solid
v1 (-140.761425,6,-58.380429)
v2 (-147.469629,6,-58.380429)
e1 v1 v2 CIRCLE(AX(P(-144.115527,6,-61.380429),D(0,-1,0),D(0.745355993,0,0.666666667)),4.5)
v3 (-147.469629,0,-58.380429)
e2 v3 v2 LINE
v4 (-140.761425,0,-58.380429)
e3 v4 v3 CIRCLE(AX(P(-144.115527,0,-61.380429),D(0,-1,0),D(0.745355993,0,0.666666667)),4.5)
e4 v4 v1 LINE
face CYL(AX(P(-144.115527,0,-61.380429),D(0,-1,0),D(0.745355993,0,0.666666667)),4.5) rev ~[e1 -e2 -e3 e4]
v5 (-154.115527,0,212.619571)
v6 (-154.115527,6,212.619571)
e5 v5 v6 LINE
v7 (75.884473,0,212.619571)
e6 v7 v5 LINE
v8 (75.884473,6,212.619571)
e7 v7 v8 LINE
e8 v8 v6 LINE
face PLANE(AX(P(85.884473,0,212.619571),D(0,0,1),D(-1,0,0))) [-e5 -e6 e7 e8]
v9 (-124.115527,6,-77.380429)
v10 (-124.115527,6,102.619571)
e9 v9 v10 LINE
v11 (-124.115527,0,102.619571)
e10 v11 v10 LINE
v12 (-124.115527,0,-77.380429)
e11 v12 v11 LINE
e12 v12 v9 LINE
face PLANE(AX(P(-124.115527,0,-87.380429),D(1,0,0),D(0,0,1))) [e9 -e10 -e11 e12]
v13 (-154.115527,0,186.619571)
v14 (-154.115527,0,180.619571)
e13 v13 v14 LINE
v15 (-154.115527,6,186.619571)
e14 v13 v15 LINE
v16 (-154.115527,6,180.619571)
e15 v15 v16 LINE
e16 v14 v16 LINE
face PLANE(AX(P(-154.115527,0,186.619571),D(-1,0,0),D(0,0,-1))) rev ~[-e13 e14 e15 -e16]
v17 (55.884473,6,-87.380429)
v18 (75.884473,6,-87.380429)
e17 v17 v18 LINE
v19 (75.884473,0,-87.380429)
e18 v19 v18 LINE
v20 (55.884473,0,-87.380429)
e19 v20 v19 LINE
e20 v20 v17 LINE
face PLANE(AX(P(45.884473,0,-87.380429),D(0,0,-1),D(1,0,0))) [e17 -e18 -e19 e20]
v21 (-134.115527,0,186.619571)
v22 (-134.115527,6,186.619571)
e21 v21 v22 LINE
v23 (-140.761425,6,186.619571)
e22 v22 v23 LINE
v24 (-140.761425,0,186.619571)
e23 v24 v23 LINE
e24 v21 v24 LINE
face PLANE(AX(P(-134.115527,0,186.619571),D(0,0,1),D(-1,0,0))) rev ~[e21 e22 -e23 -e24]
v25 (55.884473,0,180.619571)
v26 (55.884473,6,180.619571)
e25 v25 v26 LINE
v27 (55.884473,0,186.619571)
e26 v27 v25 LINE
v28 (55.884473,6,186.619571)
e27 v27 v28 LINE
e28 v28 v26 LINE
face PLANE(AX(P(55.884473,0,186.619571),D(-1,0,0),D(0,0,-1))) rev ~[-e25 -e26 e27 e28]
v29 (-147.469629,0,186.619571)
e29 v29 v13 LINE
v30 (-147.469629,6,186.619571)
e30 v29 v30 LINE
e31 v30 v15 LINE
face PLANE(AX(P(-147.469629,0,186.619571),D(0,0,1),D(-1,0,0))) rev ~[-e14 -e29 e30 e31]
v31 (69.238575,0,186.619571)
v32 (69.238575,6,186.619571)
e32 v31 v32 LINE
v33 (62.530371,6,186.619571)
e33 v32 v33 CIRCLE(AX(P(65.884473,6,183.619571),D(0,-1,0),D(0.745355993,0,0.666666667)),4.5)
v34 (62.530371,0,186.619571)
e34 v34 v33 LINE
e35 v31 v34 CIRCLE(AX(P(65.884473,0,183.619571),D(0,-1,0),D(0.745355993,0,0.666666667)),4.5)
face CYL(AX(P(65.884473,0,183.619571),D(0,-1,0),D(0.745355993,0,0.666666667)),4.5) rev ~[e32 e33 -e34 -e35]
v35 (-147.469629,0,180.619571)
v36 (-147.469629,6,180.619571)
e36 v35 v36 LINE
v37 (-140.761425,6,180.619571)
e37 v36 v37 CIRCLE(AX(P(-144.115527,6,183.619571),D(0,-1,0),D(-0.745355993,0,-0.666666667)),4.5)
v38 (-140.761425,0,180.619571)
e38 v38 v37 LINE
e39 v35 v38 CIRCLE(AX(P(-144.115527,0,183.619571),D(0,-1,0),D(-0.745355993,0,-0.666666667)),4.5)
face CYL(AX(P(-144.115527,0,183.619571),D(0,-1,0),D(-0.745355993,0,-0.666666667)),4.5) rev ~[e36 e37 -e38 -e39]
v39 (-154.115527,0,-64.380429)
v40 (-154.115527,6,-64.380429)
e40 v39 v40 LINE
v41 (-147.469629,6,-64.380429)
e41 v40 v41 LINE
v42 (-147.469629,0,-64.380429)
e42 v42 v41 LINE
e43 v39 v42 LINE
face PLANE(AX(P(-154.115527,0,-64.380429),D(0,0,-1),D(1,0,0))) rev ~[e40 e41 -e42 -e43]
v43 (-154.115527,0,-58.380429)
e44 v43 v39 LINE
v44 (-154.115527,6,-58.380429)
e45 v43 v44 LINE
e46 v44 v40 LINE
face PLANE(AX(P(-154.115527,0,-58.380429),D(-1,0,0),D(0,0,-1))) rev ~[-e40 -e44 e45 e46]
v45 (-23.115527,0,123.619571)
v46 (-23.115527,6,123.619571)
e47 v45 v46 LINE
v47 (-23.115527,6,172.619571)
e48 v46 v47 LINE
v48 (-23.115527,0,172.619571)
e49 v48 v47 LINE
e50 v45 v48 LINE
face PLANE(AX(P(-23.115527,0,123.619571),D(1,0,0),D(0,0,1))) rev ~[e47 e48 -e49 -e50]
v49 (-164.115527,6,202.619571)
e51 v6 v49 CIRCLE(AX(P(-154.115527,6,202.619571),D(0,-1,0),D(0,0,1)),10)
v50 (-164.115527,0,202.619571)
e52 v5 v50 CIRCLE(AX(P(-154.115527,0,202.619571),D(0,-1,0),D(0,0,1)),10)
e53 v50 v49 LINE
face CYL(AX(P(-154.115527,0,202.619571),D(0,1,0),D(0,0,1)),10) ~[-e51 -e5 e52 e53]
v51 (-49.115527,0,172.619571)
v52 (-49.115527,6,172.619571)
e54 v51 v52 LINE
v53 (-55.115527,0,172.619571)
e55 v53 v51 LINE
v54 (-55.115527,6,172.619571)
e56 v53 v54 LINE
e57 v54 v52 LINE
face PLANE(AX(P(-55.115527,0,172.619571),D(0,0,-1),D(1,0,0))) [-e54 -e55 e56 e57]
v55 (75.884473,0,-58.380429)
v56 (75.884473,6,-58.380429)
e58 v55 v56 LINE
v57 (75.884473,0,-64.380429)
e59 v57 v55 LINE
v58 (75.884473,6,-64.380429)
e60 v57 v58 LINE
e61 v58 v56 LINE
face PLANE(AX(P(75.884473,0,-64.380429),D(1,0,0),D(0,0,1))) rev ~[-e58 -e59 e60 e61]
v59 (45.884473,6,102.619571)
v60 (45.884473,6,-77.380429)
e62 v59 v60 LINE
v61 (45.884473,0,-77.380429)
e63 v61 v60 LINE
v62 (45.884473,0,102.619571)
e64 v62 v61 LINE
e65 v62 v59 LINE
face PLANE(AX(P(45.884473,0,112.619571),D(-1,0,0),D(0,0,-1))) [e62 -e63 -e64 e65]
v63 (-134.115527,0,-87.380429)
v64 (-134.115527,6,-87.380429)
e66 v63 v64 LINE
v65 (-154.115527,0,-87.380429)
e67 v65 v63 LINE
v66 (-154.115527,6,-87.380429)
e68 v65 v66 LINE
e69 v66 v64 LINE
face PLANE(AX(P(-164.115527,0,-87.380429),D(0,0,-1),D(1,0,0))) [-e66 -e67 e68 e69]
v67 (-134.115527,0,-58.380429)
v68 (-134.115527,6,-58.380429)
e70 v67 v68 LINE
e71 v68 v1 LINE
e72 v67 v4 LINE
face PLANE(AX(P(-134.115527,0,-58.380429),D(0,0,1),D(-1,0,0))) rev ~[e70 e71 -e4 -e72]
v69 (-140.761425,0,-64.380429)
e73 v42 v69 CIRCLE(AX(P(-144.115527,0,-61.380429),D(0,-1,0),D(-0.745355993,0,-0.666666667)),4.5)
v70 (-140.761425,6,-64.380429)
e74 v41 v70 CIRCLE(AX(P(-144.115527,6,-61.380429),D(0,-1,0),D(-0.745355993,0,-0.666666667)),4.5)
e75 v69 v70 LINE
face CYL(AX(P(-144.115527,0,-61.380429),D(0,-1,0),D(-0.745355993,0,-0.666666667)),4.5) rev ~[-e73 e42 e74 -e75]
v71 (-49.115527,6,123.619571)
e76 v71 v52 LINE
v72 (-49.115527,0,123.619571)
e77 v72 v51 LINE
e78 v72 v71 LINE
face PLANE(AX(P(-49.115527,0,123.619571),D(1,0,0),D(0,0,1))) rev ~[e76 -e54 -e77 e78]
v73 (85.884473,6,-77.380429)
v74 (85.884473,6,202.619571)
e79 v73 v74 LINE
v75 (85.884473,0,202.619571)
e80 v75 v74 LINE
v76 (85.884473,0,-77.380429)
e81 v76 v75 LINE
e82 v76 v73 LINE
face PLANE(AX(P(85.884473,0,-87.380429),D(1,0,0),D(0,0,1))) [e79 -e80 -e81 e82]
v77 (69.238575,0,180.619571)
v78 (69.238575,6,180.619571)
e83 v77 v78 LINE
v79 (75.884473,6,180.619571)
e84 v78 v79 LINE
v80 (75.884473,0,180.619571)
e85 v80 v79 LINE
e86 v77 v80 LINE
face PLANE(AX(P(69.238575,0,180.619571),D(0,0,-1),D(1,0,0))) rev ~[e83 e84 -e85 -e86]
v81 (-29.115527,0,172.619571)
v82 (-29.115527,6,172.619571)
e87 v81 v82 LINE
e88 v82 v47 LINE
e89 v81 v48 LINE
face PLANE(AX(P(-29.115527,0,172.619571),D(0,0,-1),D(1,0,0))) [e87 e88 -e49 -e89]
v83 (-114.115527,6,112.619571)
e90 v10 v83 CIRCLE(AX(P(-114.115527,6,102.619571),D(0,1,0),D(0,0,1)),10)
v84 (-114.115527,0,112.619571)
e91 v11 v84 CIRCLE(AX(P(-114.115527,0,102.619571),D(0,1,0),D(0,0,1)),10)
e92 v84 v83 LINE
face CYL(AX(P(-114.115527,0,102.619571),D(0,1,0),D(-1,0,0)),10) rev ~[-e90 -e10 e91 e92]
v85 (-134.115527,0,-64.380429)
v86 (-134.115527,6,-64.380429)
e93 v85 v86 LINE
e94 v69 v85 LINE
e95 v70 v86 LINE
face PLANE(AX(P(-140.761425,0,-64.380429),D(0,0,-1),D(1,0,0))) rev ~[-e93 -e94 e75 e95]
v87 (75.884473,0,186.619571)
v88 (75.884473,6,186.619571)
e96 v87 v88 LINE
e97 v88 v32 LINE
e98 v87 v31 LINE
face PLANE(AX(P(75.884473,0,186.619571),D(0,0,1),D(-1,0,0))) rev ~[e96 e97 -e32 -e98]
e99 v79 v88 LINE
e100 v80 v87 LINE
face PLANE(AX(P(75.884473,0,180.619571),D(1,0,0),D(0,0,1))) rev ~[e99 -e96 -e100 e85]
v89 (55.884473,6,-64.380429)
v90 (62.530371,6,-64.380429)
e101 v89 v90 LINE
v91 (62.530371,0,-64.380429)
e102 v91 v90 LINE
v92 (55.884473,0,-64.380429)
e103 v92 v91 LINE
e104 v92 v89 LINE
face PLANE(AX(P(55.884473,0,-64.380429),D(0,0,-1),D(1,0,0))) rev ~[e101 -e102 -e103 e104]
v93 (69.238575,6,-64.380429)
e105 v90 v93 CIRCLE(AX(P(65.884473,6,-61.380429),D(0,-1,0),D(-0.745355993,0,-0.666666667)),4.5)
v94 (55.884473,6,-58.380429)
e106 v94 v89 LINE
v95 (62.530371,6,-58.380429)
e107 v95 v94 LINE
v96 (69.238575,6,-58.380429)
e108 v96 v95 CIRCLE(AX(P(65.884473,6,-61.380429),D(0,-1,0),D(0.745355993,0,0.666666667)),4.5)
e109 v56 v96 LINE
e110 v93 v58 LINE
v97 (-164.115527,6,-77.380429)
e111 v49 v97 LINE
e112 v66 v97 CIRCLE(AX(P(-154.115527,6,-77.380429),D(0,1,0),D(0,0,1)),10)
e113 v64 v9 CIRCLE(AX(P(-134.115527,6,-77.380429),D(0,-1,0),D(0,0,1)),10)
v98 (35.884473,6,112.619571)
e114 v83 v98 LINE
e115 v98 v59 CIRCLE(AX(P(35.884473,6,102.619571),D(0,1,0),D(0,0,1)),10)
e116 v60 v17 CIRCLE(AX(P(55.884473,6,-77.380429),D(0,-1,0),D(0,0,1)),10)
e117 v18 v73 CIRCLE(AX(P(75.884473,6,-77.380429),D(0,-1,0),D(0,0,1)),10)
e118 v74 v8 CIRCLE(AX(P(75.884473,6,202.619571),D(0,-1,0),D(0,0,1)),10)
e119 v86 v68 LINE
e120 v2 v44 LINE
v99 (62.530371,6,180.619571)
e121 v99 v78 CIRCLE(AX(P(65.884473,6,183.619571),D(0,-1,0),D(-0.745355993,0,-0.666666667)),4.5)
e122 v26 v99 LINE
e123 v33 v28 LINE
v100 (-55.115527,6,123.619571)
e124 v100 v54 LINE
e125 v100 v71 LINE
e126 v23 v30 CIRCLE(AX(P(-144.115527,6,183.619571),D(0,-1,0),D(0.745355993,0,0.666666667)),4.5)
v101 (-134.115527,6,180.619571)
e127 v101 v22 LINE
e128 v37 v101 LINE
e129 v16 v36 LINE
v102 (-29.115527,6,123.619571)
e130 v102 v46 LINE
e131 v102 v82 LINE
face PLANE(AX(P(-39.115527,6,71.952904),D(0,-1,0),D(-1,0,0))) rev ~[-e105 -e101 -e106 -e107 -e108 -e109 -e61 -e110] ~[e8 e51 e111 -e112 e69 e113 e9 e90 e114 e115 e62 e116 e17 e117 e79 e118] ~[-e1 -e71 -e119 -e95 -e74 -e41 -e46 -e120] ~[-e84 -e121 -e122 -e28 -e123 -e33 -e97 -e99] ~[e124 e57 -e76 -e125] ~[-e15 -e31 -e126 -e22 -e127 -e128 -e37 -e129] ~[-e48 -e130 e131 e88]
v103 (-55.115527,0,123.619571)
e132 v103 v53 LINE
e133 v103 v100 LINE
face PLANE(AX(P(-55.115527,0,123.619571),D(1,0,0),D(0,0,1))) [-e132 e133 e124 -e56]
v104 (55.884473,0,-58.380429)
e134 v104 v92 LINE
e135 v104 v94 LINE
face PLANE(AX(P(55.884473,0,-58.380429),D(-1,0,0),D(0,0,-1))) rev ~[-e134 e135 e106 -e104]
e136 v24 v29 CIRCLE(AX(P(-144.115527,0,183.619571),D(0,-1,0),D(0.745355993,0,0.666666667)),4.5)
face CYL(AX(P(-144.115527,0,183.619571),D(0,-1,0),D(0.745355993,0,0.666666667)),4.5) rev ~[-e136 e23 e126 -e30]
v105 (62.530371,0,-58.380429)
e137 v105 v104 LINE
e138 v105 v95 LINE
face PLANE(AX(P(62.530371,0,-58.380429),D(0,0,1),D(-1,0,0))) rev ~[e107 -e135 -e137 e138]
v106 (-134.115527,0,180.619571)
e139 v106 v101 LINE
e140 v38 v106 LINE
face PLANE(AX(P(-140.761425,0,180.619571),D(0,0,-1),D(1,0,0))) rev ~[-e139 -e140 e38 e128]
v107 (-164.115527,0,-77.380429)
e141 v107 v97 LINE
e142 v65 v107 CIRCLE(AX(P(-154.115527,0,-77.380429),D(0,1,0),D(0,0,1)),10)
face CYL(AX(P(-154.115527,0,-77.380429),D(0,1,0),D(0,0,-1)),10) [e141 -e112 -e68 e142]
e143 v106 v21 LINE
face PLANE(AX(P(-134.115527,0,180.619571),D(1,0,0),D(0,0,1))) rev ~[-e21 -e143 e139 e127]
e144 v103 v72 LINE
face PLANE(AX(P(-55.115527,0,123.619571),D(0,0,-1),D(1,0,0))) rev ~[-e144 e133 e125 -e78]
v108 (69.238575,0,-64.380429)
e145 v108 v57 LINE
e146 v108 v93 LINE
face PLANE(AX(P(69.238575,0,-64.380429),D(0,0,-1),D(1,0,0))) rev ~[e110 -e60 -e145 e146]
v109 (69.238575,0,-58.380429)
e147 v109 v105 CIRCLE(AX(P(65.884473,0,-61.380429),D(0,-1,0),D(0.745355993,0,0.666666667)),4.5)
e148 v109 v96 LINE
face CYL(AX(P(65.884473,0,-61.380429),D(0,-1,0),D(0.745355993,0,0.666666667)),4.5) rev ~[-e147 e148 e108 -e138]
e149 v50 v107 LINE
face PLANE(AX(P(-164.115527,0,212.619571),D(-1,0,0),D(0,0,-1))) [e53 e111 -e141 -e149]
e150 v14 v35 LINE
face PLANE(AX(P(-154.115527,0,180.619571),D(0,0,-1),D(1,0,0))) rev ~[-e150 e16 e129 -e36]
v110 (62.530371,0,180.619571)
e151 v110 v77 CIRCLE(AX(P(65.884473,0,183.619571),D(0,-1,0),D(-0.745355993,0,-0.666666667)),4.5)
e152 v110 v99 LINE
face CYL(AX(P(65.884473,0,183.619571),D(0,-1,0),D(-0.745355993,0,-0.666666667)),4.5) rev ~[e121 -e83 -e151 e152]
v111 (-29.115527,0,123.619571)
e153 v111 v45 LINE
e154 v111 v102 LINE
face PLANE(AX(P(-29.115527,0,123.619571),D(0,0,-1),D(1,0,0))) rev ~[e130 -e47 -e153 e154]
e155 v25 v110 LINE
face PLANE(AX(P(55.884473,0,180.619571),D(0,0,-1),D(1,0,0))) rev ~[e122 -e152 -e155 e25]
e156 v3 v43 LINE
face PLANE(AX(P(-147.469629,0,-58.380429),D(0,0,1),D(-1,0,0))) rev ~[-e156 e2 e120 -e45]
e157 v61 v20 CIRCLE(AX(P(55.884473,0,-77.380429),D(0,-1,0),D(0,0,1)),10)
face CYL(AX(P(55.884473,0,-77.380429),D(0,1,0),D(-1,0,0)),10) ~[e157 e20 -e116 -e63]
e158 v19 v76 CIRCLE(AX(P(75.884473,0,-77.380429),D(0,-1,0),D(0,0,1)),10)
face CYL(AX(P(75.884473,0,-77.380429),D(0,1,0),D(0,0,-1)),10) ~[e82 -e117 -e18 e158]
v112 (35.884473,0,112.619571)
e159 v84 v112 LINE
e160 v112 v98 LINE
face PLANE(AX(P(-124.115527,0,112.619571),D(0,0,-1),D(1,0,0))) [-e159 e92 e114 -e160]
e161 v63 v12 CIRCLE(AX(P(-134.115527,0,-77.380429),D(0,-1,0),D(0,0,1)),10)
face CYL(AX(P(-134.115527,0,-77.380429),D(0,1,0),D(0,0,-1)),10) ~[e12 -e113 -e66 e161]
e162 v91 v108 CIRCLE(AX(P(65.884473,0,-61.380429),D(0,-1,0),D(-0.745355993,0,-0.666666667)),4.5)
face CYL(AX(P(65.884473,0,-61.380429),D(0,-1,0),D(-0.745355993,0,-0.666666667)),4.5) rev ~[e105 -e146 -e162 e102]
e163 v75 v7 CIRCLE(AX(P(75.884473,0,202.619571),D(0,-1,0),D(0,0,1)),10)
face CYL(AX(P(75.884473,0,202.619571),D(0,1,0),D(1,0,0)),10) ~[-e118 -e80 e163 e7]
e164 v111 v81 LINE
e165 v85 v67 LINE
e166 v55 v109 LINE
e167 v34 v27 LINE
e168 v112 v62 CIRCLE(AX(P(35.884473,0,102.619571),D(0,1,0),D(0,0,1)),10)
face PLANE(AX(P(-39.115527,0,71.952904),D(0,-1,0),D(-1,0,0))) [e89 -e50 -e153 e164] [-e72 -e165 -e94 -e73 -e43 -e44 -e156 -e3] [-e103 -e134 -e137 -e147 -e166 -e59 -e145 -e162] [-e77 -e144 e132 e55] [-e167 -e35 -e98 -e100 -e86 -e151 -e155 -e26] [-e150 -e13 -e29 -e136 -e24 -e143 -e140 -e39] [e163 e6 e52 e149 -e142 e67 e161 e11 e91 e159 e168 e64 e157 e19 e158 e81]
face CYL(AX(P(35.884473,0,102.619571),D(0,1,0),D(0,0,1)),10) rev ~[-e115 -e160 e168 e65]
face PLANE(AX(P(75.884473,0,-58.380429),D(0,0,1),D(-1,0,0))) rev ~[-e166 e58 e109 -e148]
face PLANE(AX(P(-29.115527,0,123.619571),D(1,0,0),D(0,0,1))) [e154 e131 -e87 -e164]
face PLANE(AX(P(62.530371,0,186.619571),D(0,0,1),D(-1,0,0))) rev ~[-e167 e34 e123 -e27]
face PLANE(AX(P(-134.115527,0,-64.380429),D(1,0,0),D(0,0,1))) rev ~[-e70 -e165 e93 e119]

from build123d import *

# Parameters (mm, degrees)
BOSS_EXTRUDE1_DEPTH  = 6
FILLET1_R            = 10
SKETCH2_OUTSIDE_W    = 330.112
SKETCH2_OUTSIDE_H    = 380.112
SKETCH2_OUTSIDE_W_2  = 6
SKETCH2_OUTSIDE_H_2  = 49
CUT_EXTRUDE1_DEPTH   = 7
CUT_EXTRUDE2_DEPTH   = 7
LPATTERN1_COUNT      = 2
LPATTERN1_PITCH      = 245
LPATTERN1_COUNT_DIR2 = 2
LPATTERN1_PITCH_DIR2 = 210


with BuildPart() as part:
    # Sketch1 → Boss-Extrude1 (new body)
    with BuildSketch(Plane(origin=(0, 0, 0), x_dir=(1, 0, 0), z_dir=(0, 1, 0))):
        Polygon((-164.115526796, 87.380429132), (-124.115526796, 87.380429132), (-124.115526796, -112.619570868), (45.884473204, -112.619570868), (45.884473204, 87.380429132), (85.884473204, 87.380429132), (85.884473204, -212.619570868), (-164.115526796, -212.619570868), align=None)
    extrude(amount=BOSS_EXTRUDE1_DEPTH)

    # Fillet1
    fillet1_edges = [part.edges().sort_by_distance(p)[0] for p in [
        (-164.115526796, 3, -87.380429132),
        (-124.115526796, 3, -87.380429132),
        (-124.115526796, 3, 112.619570868),
        (45.884473204, 3, 112.619570868),
        (45.884473204, 3, -87.380429132),
        (85.884473204, 3, -87.380429132),
        (85.884473204, 3, 212.619570868),
        (-164.115526796, 3, 212.619570868),
    ]]
    fillet(fillet1_edges, radius=FILLET1_R)

    # Sketch2 outside → Cut-Extrude1 (cut, through all)
    with BuildSketch(Plane.XZ):
        with Locations((-39.116, 62.62)):
            Rectangle(SKETCH2_OUTSIDE_W, SKETCH2_OUTSIDE_H)
        with BuildLine():
            Line((-164.115526796, 202.619570868), (-164.115526796, -77.380429132))
            ThreePointArc((-164.115526796, -77.380429132), (-161.186594608, -84.451496944), (-154.115526796, -87.380429132))
            Line((-154.115526796, -87.380429132), (-134.115526796, -87.380429132))
            ThreePointArc((-134.115526796, -87.380429132), (-127.044458984, -84.451496944), (-124.115526796, -77.380429132))
            Line((-124.115526796, -77.380429132), (-124.115526796, 102.619570868))
            ThreePointArc((-124.115526796, 102.619570868), (-121.186594608, 109.69063868), (-114.115526796, 112.619570868))
            Line((-114.115526796, 112.619570868), (35.884473204, 112.619570868))
            ThreePointArc((35.884473204, 112.619570868), (42.955541016, 109.69063868), (45.884473204, 102.619570868))
            Line((45.884473204, 102.619570868), (45.884473204, -77.380429132))
            ThreePointArc((45.884473204, -77.380429132), (48.813405392, -84.451496944), (55.884473204, -87.380429132))
            Line((55.884473204, -87.380429132), (75.884473204, -87.380429132))
            ThreePointArc((75.884473204, -87.380429132), (82.955541016, -84.451496944), (85.884473204, -77.380429132))
            Line((85.884473204, -77.380429132), (85.884473204, 202.619570868))
            ThreePointArc((85.884473204, 202.619570868), (82.955541016, 209.69063868), (75.884473204, 212.619570868))
            Line((75.884473204, 212.619570868), (-154.115526796, 212.619570868))
            ThreePointArc((-154.115526796, 212.619570868), (-161.186594608, 209.69063868), (-164.115526796, 202.619570868))
        make_face(mode=Mode.SUBTRACT)
        with Locations((-52.115526796, 148.119570868)):
            Rectangle(SKETCH2_OUTSIDE_W_2, SKETCH2_OUTSIDE_H_2)
        with Locations((-26.115526796, 148.119570868)):
            Rectangle(SKETCH2_OUTSIDE_W_2, SKETCH2_OUTSIDE_H_2)
    extrude(amount=-CUT_EXTRUDE1_DEPTH, mode=Mode.SUBTRACT)

    # Sketch5 → Cut-Extrude2 (cut, through all)
    with BuildSketch(Plane(origin=(0, 0, 0), x_dir=(-1, 0, 0), z_dir=(0, -1, 0))):
        with BuildLine():
            Line((134.115526796, 58.380429132), (140.76142483, 58.380429132))
            ThreePointArc((140.76142483, 58.380429132), (144.115526796, 56.880429132), (147.469628762, 58.380429132))
            Line((147.469628762, 58.380429132), (154.115526796, 58.380429132))
            Line((154.115526796, 58.380429132), (154.115526796, 64.380429132))
            Line((154.115526796, 64.380429132), (147.469628762, 64.380429132))
            ThreePointArc((147.469628762, 64.380429132), (144.115526796, 65.880429132), (140.76142483, 64.380429132))
            Line((140.76142483, 64.380429132), (134.115526796, 64.380429132))
            Line((134.115526796, 64.380429132), (134.115526796, 58.380429132))
        make_face()
    cut_extrude2 = extrude(amount=-CUT_EXTRUDE2_DEPTH, mode=Mode.SUBTRACT)

    # LPattern1: Cut-Extrude2 2 × 2
    with Locations(*[(j * LPATTERN1_PITCH_DIR2, 0, i * LPATTERN1_PITCH) for i in range(LPATTERN1_COUNT) for j in range(LPATTERN1_COUNT_DIR2) if (i, j) != (0, 0)]):
        add(cut_extrude2, mode=Mode.SUBTRACT)


solid = part.part
